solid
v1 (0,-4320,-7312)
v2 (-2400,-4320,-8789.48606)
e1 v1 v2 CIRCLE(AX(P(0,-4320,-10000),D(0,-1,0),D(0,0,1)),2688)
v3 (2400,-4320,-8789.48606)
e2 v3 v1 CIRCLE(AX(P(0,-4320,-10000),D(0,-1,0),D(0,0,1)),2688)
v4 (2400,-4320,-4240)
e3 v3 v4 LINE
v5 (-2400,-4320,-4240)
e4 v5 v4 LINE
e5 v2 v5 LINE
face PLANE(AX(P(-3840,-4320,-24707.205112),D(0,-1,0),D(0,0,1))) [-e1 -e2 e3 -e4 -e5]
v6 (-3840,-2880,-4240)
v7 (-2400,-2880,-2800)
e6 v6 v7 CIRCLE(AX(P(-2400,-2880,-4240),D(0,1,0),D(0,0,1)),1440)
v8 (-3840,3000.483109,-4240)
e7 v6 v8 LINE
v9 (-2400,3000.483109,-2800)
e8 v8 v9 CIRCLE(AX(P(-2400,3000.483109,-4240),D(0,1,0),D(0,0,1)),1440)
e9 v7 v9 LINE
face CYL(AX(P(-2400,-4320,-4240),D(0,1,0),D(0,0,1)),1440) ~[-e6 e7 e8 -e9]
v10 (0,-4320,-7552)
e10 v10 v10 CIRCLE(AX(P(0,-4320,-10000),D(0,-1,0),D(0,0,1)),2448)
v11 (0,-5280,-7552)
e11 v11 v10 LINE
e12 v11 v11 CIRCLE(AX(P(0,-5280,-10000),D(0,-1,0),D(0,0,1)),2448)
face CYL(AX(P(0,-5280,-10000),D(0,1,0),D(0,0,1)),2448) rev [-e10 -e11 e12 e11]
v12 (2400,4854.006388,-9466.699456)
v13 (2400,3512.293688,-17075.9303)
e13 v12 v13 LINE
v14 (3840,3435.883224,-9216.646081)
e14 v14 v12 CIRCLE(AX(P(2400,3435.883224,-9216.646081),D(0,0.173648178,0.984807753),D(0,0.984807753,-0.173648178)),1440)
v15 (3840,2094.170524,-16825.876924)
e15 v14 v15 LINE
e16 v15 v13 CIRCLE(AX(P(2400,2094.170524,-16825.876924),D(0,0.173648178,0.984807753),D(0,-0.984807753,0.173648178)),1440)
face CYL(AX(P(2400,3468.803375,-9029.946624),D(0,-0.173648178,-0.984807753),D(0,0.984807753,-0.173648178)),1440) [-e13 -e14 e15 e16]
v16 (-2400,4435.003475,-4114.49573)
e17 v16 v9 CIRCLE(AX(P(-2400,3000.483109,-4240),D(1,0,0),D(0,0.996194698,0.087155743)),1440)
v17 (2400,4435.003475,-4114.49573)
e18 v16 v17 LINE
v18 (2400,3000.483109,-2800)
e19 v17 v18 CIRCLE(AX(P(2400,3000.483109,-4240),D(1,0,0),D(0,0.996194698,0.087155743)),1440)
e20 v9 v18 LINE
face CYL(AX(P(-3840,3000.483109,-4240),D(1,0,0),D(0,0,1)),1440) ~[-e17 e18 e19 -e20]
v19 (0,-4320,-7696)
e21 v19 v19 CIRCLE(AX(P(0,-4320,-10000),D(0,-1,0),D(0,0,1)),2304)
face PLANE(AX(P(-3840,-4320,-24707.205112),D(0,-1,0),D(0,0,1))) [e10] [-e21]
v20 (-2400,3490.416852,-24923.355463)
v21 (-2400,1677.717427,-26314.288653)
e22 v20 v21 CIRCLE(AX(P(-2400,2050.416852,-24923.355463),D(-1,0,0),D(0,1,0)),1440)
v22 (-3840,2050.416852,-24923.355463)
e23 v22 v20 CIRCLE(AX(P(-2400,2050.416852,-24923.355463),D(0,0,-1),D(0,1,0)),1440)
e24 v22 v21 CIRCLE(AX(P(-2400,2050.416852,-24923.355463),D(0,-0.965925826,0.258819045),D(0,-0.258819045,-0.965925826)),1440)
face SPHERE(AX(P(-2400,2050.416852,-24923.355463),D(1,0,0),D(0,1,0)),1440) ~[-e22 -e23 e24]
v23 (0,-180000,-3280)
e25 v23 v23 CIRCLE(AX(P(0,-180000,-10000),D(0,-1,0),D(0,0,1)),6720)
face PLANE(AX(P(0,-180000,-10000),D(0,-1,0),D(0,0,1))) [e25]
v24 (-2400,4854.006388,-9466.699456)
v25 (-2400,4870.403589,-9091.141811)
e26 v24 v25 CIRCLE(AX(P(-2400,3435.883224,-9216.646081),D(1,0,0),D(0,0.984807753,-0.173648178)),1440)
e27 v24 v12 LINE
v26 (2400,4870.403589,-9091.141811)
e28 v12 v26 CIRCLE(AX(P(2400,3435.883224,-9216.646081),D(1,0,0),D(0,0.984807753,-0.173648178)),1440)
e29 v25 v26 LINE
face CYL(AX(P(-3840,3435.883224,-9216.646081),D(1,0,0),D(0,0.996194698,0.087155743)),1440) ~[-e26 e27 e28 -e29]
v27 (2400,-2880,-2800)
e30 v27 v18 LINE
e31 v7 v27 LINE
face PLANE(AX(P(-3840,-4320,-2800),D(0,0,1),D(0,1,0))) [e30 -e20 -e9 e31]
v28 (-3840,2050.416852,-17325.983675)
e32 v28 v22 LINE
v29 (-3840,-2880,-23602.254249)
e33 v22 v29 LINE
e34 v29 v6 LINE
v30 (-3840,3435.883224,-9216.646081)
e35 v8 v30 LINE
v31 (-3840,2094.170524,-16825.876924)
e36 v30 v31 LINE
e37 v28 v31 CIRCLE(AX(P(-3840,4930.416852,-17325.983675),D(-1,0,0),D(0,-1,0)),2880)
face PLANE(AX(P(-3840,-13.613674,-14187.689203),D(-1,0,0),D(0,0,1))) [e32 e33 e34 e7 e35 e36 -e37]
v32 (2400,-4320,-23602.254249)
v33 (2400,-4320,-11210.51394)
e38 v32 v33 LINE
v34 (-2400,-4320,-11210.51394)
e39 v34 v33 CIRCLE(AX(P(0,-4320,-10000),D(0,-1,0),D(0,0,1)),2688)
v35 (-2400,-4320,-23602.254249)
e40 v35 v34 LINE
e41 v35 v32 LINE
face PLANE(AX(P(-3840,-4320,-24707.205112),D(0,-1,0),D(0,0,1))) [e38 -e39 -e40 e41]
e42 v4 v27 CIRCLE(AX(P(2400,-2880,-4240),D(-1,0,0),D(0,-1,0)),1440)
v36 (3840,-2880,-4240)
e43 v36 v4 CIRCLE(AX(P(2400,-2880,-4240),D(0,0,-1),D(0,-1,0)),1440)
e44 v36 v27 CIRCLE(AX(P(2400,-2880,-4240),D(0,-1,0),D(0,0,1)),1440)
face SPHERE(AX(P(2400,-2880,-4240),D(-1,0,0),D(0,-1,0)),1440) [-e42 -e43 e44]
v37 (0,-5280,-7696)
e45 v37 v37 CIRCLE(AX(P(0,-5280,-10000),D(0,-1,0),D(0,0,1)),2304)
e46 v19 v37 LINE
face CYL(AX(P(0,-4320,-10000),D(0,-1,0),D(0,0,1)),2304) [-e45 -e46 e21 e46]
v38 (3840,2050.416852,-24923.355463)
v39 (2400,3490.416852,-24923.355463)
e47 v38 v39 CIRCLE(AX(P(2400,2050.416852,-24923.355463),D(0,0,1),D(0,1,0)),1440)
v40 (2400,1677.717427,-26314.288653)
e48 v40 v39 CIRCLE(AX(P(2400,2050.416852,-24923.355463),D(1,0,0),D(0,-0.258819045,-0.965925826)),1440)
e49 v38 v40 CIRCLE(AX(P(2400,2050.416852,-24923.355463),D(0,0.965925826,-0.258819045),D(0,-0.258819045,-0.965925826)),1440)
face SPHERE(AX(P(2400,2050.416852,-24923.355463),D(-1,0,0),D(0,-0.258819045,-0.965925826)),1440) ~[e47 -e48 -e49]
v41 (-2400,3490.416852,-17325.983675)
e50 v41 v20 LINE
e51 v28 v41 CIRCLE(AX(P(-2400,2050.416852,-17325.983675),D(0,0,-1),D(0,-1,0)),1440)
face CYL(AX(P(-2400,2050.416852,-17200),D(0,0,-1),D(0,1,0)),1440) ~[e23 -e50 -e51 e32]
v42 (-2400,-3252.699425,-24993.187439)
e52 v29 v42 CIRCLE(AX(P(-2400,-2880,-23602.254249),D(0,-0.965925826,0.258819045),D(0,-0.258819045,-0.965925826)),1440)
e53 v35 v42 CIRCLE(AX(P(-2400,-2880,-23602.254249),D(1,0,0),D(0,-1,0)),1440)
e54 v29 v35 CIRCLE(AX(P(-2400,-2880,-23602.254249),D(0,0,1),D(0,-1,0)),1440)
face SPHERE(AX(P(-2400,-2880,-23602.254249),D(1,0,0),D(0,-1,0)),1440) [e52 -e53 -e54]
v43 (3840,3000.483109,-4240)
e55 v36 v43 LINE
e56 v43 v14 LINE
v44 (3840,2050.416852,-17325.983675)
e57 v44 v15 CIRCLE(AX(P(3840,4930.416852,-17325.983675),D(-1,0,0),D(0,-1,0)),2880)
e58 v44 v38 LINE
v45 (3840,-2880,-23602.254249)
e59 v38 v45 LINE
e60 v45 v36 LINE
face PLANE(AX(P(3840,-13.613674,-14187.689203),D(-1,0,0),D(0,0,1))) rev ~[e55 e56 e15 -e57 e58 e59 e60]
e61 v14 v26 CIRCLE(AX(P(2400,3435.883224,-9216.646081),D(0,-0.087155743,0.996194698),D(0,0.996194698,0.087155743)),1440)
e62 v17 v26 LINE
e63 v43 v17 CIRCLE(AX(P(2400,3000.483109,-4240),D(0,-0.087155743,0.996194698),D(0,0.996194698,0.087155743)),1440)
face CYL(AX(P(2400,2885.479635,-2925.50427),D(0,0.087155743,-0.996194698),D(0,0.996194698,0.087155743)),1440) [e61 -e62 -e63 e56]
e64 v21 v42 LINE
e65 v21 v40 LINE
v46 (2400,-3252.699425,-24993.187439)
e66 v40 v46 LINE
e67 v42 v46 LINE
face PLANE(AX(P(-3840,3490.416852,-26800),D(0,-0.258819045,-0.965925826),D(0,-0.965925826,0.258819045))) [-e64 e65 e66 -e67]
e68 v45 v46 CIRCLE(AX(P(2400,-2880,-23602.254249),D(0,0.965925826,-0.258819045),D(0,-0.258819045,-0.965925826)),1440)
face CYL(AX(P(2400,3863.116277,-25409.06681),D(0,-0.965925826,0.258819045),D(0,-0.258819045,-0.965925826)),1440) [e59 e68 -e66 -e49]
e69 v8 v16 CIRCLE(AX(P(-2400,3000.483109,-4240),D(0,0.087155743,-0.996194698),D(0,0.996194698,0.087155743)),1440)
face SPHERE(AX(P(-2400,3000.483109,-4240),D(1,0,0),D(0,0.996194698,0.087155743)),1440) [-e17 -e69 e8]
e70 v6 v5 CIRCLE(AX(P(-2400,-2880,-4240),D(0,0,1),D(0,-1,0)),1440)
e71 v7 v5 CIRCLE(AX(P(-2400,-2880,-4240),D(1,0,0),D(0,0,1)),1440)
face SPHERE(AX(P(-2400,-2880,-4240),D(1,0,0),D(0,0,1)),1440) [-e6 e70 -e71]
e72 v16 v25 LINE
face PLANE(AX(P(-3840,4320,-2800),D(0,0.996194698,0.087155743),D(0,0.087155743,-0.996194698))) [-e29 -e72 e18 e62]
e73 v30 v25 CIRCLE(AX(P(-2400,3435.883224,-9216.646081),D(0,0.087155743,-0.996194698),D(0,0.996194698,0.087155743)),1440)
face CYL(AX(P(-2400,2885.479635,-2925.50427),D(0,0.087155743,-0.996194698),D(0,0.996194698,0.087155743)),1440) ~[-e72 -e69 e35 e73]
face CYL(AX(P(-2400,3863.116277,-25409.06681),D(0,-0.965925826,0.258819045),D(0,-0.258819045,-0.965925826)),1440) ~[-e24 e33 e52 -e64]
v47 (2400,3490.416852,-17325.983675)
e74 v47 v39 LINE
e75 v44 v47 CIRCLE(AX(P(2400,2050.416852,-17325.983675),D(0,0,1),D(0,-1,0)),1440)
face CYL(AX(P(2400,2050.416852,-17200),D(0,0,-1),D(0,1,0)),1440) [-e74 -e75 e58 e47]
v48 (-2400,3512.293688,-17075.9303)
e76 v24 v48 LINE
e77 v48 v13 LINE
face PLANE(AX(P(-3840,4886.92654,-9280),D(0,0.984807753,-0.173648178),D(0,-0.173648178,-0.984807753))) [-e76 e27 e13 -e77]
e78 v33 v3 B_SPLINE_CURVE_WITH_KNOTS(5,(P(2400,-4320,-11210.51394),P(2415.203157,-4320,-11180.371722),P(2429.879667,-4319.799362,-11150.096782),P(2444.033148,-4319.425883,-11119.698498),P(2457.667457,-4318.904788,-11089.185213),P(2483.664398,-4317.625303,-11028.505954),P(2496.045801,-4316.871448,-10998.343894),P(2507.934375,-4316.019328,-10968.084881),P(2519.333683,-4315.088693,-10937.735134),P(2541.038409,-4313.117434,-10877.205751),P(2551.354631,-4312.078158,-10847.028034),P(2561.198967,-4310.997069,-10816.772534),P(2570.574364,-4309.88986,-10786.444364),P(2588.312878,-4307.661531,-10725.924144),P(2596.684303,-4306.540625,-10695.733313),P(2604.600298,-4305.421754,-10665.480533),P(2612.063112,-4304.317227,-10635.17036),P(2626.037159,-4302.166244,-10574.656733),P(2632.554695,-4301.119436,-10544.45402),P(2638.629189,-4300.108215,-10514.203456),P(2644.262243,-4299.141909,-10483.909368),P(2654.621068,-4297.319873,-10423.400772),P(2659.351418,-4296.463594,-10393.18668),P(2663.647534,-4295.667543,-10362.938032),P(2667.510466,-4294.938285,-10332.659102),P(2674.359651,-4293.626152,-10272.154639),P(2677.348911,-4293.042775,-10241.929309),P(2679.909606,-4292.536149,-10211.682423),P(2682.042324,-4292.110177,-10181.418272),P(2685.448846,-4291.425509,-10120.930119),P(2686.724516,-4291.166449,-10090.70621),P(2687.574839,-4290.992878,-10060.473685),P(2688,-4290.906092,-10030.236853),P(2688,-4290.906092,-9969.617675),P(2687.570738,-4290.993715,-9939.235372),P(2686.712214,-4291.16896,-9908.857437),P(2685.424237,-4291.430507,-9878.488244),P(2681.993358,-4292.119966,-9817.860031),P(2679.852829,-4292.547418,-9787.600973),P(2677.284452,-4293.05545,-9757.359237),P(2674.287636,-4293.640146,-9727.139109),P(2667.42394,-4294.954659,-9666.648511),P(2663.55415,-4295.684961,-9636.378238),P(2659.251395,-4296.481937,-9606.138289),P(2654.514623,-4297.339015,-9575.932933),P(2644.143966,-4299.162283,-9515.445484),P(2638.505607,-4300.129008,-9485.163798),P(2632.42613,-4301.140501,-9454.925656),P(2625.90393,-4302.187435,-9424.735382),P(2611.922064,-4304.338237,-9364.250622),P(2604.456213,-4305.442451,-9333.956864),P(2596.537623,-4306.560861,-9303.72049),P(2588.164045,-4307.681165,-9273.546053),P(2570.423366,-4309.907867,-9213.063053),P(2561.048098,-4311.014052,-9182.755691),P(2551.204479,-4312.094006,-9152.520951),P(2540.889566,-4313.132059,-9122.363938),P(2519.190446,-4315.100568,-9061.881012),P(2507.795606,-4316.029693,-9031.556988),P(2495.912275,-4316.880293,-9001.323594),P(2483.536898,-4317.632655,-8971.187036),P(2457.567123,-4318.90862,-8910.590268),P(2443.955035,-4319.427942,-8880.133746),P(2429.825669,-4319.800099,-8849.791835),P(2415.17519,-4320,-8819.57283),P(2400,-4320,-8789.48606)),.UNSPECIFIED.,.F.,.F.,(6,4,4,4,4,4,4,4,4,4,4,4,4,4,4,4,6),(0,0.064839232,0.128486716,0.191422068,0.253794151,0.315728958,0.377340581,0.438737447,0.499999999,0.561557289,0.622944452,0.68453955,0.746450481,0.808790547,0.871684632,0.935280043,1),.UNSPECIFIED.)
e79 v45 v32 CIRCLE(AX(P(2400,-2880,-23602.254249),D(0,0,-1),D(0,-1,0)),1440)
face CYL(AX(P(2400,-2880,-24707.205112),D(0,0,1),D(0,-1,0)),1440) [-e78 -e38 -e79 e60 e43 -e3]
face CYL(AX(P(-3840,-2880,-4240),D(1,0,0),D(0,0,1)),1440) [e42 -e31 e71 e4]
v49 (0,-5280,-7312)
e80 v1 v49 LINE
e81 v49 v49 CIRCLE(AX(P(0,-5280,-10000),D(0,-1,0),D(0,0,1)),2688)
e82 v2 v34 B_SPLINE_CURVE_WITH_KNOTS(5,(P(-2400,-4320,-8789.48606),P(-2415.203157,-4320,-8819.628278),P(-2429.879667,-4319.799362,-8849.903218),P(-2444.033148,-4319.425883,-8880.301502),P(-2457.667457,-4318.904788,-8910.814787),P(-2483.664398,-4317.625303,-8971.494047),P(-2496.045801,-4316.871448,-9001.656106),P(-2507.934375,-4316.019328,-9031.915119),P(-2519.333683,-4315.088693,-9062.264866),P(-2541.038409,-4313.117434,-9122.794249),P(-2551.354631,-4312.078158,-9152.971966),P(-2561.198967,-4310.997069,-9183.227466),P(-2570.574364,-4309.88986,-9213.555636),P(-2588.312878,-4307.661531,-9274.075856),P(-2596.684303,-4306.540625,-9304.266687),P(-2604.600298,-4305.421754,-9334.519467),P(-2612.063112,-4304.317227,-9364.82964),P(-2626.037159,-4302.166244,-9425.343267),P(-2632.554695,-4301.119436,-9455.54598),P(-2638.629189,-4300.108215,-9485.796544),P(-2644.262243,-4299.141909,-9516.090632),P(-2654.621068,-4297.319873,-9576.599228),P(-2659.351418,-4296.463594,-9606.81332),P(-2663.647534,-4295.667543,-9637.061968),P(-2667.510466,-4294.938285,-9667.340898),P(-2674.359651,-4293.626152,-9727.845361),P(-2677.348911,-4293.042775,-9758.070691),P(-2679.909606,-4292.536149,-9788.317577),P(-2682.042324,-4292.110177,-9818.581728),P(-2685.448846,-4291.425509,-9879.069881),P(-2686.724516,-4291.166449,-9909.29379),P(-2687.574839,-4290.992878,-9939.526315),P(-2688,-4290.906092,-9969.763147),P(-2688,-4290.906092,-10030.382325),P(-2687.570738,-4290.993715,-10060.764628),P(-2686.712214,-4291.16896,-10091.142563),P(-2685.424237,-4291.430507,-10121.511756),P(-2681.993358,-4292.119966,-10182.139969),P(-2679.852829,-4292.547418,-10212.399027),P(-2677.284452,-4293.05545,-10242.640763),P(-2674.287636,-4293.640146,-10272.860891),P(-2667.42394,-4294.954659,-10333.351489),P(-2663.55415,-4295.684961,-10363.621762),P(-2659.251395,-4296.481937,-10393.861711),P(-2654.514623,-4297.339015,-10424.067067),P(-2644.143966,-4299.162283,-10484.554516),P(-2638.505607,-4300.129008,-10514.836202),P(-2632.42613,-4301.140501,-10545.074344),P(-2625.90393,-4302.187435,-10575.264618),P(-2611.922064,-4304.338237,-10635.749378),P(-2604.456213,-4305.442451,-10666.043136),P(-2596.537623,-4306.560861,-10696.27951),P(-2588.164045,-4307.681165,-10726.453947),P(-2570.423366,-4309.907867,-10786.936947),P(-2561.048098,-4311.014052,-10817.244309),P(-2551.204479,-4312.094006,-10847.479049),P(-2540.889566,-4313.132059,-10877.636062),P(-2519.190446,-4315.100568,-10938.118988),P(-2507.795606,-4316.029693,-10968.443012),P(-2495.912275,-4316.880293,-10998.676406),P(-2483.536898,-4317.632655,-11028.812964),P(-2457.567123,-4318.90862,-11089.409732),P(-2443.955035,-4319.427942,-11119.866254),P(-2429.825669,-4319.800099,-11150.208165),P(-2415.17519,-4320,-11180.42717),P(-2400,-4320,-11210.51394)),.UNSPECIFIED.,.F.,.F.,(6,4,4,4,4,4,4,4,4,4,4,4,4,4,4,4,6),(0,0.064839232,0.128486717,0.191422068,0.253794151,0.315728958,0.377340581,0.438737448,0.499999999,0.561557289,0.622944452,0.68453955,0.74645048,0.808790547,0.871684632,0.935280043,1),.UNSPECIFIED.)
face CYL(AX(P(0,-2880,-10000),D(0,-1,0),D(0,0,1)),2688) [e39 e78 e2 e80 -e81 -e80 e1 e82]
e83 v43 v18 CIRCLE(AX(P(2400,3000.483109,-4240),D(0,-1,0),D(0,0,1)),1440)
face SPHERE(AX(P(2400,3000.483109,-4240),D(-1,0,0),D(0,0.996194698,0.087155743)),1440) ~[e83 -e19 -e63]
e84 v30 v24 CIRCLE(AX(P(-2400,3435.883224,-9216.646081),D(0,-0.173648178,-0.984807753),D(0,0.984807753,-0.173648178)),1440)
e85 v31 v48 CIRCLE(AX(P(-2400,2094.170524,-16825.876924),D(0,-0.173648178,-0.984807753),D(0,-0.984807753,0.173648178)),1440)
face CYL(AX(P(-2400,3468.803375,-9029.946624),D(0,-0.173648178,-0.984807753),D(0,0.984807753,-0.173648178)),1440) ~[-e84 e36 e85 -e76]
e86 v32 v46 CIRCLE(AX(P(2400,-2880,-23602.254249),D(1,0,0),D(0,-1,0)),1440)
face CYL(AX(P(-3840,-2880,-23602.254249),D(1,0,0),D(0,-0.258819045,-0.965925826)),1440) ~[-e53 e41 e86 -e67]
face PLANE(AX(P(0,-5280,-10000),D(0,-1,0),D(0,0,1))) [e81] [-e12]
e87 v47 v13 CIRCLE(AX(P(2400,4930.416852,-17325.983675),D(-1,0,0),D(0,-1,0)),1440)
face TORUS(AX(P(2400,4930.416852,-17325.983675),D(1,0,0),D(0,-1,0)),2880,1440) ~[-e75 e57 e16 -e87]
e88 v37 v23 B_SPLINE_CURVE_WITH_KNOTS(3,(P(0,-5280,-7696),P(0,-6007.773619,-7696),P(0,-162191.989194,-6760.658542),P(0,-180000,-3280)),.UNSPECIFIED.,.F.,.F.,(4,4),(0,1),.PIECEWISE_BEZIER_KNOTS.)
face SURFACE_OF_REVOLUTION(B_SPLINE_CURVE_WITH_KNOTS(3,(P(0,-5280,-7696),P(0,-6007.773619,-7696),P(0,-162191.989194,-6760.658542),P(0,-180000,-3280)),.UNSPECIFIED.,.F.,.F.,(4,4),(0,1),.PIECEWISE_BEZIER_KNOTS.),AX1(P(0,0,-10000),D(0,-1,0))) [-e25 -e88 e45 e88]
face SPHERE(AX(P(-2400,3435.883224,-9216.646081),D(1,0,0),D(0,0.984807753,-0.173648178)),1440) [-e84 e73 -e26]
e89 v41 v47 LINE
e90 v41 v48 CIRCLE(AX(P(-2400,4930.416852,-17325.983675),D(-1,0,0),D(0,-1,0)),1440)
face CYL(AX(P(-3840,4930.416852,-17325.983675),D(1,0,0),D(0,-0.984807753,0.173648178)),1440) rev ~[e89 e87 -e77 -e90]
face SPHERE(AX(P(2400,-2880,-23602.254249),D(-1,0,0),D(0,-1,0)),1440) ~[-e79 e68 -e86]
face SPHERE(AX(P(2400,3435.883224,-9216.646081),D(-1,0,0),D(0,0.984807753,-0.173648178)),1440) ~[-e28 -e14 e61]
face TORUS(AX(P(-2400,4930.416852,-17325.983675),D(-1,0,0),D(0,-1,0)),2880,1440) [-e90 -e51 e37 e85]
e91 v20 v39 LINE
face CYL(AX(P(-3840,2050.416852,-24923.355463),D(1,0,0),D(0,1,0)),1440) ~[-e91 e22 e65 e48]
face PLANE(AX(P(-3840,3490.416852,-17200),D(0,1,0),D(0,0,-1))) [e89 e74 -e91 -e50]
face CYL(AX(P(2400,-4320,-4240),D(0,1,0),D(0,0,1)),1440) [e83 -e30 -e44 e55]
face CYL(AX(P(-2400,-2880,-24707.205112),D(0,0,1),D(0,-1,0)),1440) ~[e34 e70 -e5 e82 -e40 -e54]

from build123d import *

# Parameters (mm, degrees)
AUFSATZ_LINEAR_AUSTRAGEN1_DEPTH      = 3840
AUFSATZ_LINEAR_AUSTRAGEN1_DEPTH_BACK = 3840
VERRUNDUNG1_R                        = 1440


with BuildPart() as part:
    # Skizze2 → Aufsatz-Linear austragen1 (new, two sides: drawn at the far end of the back side and taken through both)
    with BuildSketch(Plane(origin=(0, 0, 0), x_dir=(0, 0, -1), z_dir=(1, 0, 0)).offset(-AUFSATZ_LINEAR_AUSTRAGEN1_DEPTH_BACK)):
        Polygon((2800, -4320), (2800, 4320), (9280, 4886.926539648), (17200, 3490.416852437), (26800, 3490.416852437), (24707.205111839, -4320), align=None)
    extrude(amount=AUFSATZ_LINEAR_AUSTRAGEN1_DEPTH + AUFSATZ_LINEAR_AUSTRAGEN1_DEPTH_BACK)

    # Verrundung1
    verrundung1_edges = [part.edges().sort_by_distance(p)[0] for p in [
        (0, -4320, -2800),
        (0, 4320, -2800),
        (0, 4886.926539648, -9280),
        (0, 3490.416852437, -17200),
        (0, 3490.416852437, -26800),
        (0, -4320, -24707.205111839),
        (-3840, 3490.416852437, -22000),
        (-3840, 4188.671696042, -13240),
        (3840, -4320, -13753.60255592),
        (3840, -414.791573782, -25753.60255592),
        (3840, 3490.416852437, -22000),
        (3840, 4188.671696042, -13240),
        (3840, 4603.463269824, -6040),
        (3840, 0, -2800),
        (-3840, 4603.463269824, -6040),
        (-3840, 0, -2800),
        (-3840, -4320, -13753.60255592),
        (-3840, -414.791573782, -25753.60255592),
    ]]
    fillet(verrundung1_edges, radius=VERRUNDUNG1_R)

    # Skizze3 → Rotation1 (revolve)
    with BuildSketch(Plane(origin=(0, 0, 0), x_dir=(0, 0, -1), z_dir=(1, 0, 0))):
        with BuildLine():
            Line((10000, -2880), (7312, -2880))
            Line((7312, -2880), (7312, -5280))
            Line((7312, -5280), (7552, -5280))
            Line((7552, -5280), (7552, -4320))
            Line((7552, -4320), (7696, -4320))
            Line((7696, -4320), (7696, -5280))
            add(Edge.make_bspline(
                [(7696, -5280), (7696, -6007.773618817), (6760.658542043, -162191.98919373), (3280, -180000)],
                knots=[0, 0, 0, 0, 1, 1, 1, 1], degree=3))
            Line((3280, -180000), (10000, -180000))
            Line((10000, -180000), (10000, -2880))
        make_face()
    revolve(axis=Axis((0, 0, -10000), (0, -1, 0)))


solid = part.part
